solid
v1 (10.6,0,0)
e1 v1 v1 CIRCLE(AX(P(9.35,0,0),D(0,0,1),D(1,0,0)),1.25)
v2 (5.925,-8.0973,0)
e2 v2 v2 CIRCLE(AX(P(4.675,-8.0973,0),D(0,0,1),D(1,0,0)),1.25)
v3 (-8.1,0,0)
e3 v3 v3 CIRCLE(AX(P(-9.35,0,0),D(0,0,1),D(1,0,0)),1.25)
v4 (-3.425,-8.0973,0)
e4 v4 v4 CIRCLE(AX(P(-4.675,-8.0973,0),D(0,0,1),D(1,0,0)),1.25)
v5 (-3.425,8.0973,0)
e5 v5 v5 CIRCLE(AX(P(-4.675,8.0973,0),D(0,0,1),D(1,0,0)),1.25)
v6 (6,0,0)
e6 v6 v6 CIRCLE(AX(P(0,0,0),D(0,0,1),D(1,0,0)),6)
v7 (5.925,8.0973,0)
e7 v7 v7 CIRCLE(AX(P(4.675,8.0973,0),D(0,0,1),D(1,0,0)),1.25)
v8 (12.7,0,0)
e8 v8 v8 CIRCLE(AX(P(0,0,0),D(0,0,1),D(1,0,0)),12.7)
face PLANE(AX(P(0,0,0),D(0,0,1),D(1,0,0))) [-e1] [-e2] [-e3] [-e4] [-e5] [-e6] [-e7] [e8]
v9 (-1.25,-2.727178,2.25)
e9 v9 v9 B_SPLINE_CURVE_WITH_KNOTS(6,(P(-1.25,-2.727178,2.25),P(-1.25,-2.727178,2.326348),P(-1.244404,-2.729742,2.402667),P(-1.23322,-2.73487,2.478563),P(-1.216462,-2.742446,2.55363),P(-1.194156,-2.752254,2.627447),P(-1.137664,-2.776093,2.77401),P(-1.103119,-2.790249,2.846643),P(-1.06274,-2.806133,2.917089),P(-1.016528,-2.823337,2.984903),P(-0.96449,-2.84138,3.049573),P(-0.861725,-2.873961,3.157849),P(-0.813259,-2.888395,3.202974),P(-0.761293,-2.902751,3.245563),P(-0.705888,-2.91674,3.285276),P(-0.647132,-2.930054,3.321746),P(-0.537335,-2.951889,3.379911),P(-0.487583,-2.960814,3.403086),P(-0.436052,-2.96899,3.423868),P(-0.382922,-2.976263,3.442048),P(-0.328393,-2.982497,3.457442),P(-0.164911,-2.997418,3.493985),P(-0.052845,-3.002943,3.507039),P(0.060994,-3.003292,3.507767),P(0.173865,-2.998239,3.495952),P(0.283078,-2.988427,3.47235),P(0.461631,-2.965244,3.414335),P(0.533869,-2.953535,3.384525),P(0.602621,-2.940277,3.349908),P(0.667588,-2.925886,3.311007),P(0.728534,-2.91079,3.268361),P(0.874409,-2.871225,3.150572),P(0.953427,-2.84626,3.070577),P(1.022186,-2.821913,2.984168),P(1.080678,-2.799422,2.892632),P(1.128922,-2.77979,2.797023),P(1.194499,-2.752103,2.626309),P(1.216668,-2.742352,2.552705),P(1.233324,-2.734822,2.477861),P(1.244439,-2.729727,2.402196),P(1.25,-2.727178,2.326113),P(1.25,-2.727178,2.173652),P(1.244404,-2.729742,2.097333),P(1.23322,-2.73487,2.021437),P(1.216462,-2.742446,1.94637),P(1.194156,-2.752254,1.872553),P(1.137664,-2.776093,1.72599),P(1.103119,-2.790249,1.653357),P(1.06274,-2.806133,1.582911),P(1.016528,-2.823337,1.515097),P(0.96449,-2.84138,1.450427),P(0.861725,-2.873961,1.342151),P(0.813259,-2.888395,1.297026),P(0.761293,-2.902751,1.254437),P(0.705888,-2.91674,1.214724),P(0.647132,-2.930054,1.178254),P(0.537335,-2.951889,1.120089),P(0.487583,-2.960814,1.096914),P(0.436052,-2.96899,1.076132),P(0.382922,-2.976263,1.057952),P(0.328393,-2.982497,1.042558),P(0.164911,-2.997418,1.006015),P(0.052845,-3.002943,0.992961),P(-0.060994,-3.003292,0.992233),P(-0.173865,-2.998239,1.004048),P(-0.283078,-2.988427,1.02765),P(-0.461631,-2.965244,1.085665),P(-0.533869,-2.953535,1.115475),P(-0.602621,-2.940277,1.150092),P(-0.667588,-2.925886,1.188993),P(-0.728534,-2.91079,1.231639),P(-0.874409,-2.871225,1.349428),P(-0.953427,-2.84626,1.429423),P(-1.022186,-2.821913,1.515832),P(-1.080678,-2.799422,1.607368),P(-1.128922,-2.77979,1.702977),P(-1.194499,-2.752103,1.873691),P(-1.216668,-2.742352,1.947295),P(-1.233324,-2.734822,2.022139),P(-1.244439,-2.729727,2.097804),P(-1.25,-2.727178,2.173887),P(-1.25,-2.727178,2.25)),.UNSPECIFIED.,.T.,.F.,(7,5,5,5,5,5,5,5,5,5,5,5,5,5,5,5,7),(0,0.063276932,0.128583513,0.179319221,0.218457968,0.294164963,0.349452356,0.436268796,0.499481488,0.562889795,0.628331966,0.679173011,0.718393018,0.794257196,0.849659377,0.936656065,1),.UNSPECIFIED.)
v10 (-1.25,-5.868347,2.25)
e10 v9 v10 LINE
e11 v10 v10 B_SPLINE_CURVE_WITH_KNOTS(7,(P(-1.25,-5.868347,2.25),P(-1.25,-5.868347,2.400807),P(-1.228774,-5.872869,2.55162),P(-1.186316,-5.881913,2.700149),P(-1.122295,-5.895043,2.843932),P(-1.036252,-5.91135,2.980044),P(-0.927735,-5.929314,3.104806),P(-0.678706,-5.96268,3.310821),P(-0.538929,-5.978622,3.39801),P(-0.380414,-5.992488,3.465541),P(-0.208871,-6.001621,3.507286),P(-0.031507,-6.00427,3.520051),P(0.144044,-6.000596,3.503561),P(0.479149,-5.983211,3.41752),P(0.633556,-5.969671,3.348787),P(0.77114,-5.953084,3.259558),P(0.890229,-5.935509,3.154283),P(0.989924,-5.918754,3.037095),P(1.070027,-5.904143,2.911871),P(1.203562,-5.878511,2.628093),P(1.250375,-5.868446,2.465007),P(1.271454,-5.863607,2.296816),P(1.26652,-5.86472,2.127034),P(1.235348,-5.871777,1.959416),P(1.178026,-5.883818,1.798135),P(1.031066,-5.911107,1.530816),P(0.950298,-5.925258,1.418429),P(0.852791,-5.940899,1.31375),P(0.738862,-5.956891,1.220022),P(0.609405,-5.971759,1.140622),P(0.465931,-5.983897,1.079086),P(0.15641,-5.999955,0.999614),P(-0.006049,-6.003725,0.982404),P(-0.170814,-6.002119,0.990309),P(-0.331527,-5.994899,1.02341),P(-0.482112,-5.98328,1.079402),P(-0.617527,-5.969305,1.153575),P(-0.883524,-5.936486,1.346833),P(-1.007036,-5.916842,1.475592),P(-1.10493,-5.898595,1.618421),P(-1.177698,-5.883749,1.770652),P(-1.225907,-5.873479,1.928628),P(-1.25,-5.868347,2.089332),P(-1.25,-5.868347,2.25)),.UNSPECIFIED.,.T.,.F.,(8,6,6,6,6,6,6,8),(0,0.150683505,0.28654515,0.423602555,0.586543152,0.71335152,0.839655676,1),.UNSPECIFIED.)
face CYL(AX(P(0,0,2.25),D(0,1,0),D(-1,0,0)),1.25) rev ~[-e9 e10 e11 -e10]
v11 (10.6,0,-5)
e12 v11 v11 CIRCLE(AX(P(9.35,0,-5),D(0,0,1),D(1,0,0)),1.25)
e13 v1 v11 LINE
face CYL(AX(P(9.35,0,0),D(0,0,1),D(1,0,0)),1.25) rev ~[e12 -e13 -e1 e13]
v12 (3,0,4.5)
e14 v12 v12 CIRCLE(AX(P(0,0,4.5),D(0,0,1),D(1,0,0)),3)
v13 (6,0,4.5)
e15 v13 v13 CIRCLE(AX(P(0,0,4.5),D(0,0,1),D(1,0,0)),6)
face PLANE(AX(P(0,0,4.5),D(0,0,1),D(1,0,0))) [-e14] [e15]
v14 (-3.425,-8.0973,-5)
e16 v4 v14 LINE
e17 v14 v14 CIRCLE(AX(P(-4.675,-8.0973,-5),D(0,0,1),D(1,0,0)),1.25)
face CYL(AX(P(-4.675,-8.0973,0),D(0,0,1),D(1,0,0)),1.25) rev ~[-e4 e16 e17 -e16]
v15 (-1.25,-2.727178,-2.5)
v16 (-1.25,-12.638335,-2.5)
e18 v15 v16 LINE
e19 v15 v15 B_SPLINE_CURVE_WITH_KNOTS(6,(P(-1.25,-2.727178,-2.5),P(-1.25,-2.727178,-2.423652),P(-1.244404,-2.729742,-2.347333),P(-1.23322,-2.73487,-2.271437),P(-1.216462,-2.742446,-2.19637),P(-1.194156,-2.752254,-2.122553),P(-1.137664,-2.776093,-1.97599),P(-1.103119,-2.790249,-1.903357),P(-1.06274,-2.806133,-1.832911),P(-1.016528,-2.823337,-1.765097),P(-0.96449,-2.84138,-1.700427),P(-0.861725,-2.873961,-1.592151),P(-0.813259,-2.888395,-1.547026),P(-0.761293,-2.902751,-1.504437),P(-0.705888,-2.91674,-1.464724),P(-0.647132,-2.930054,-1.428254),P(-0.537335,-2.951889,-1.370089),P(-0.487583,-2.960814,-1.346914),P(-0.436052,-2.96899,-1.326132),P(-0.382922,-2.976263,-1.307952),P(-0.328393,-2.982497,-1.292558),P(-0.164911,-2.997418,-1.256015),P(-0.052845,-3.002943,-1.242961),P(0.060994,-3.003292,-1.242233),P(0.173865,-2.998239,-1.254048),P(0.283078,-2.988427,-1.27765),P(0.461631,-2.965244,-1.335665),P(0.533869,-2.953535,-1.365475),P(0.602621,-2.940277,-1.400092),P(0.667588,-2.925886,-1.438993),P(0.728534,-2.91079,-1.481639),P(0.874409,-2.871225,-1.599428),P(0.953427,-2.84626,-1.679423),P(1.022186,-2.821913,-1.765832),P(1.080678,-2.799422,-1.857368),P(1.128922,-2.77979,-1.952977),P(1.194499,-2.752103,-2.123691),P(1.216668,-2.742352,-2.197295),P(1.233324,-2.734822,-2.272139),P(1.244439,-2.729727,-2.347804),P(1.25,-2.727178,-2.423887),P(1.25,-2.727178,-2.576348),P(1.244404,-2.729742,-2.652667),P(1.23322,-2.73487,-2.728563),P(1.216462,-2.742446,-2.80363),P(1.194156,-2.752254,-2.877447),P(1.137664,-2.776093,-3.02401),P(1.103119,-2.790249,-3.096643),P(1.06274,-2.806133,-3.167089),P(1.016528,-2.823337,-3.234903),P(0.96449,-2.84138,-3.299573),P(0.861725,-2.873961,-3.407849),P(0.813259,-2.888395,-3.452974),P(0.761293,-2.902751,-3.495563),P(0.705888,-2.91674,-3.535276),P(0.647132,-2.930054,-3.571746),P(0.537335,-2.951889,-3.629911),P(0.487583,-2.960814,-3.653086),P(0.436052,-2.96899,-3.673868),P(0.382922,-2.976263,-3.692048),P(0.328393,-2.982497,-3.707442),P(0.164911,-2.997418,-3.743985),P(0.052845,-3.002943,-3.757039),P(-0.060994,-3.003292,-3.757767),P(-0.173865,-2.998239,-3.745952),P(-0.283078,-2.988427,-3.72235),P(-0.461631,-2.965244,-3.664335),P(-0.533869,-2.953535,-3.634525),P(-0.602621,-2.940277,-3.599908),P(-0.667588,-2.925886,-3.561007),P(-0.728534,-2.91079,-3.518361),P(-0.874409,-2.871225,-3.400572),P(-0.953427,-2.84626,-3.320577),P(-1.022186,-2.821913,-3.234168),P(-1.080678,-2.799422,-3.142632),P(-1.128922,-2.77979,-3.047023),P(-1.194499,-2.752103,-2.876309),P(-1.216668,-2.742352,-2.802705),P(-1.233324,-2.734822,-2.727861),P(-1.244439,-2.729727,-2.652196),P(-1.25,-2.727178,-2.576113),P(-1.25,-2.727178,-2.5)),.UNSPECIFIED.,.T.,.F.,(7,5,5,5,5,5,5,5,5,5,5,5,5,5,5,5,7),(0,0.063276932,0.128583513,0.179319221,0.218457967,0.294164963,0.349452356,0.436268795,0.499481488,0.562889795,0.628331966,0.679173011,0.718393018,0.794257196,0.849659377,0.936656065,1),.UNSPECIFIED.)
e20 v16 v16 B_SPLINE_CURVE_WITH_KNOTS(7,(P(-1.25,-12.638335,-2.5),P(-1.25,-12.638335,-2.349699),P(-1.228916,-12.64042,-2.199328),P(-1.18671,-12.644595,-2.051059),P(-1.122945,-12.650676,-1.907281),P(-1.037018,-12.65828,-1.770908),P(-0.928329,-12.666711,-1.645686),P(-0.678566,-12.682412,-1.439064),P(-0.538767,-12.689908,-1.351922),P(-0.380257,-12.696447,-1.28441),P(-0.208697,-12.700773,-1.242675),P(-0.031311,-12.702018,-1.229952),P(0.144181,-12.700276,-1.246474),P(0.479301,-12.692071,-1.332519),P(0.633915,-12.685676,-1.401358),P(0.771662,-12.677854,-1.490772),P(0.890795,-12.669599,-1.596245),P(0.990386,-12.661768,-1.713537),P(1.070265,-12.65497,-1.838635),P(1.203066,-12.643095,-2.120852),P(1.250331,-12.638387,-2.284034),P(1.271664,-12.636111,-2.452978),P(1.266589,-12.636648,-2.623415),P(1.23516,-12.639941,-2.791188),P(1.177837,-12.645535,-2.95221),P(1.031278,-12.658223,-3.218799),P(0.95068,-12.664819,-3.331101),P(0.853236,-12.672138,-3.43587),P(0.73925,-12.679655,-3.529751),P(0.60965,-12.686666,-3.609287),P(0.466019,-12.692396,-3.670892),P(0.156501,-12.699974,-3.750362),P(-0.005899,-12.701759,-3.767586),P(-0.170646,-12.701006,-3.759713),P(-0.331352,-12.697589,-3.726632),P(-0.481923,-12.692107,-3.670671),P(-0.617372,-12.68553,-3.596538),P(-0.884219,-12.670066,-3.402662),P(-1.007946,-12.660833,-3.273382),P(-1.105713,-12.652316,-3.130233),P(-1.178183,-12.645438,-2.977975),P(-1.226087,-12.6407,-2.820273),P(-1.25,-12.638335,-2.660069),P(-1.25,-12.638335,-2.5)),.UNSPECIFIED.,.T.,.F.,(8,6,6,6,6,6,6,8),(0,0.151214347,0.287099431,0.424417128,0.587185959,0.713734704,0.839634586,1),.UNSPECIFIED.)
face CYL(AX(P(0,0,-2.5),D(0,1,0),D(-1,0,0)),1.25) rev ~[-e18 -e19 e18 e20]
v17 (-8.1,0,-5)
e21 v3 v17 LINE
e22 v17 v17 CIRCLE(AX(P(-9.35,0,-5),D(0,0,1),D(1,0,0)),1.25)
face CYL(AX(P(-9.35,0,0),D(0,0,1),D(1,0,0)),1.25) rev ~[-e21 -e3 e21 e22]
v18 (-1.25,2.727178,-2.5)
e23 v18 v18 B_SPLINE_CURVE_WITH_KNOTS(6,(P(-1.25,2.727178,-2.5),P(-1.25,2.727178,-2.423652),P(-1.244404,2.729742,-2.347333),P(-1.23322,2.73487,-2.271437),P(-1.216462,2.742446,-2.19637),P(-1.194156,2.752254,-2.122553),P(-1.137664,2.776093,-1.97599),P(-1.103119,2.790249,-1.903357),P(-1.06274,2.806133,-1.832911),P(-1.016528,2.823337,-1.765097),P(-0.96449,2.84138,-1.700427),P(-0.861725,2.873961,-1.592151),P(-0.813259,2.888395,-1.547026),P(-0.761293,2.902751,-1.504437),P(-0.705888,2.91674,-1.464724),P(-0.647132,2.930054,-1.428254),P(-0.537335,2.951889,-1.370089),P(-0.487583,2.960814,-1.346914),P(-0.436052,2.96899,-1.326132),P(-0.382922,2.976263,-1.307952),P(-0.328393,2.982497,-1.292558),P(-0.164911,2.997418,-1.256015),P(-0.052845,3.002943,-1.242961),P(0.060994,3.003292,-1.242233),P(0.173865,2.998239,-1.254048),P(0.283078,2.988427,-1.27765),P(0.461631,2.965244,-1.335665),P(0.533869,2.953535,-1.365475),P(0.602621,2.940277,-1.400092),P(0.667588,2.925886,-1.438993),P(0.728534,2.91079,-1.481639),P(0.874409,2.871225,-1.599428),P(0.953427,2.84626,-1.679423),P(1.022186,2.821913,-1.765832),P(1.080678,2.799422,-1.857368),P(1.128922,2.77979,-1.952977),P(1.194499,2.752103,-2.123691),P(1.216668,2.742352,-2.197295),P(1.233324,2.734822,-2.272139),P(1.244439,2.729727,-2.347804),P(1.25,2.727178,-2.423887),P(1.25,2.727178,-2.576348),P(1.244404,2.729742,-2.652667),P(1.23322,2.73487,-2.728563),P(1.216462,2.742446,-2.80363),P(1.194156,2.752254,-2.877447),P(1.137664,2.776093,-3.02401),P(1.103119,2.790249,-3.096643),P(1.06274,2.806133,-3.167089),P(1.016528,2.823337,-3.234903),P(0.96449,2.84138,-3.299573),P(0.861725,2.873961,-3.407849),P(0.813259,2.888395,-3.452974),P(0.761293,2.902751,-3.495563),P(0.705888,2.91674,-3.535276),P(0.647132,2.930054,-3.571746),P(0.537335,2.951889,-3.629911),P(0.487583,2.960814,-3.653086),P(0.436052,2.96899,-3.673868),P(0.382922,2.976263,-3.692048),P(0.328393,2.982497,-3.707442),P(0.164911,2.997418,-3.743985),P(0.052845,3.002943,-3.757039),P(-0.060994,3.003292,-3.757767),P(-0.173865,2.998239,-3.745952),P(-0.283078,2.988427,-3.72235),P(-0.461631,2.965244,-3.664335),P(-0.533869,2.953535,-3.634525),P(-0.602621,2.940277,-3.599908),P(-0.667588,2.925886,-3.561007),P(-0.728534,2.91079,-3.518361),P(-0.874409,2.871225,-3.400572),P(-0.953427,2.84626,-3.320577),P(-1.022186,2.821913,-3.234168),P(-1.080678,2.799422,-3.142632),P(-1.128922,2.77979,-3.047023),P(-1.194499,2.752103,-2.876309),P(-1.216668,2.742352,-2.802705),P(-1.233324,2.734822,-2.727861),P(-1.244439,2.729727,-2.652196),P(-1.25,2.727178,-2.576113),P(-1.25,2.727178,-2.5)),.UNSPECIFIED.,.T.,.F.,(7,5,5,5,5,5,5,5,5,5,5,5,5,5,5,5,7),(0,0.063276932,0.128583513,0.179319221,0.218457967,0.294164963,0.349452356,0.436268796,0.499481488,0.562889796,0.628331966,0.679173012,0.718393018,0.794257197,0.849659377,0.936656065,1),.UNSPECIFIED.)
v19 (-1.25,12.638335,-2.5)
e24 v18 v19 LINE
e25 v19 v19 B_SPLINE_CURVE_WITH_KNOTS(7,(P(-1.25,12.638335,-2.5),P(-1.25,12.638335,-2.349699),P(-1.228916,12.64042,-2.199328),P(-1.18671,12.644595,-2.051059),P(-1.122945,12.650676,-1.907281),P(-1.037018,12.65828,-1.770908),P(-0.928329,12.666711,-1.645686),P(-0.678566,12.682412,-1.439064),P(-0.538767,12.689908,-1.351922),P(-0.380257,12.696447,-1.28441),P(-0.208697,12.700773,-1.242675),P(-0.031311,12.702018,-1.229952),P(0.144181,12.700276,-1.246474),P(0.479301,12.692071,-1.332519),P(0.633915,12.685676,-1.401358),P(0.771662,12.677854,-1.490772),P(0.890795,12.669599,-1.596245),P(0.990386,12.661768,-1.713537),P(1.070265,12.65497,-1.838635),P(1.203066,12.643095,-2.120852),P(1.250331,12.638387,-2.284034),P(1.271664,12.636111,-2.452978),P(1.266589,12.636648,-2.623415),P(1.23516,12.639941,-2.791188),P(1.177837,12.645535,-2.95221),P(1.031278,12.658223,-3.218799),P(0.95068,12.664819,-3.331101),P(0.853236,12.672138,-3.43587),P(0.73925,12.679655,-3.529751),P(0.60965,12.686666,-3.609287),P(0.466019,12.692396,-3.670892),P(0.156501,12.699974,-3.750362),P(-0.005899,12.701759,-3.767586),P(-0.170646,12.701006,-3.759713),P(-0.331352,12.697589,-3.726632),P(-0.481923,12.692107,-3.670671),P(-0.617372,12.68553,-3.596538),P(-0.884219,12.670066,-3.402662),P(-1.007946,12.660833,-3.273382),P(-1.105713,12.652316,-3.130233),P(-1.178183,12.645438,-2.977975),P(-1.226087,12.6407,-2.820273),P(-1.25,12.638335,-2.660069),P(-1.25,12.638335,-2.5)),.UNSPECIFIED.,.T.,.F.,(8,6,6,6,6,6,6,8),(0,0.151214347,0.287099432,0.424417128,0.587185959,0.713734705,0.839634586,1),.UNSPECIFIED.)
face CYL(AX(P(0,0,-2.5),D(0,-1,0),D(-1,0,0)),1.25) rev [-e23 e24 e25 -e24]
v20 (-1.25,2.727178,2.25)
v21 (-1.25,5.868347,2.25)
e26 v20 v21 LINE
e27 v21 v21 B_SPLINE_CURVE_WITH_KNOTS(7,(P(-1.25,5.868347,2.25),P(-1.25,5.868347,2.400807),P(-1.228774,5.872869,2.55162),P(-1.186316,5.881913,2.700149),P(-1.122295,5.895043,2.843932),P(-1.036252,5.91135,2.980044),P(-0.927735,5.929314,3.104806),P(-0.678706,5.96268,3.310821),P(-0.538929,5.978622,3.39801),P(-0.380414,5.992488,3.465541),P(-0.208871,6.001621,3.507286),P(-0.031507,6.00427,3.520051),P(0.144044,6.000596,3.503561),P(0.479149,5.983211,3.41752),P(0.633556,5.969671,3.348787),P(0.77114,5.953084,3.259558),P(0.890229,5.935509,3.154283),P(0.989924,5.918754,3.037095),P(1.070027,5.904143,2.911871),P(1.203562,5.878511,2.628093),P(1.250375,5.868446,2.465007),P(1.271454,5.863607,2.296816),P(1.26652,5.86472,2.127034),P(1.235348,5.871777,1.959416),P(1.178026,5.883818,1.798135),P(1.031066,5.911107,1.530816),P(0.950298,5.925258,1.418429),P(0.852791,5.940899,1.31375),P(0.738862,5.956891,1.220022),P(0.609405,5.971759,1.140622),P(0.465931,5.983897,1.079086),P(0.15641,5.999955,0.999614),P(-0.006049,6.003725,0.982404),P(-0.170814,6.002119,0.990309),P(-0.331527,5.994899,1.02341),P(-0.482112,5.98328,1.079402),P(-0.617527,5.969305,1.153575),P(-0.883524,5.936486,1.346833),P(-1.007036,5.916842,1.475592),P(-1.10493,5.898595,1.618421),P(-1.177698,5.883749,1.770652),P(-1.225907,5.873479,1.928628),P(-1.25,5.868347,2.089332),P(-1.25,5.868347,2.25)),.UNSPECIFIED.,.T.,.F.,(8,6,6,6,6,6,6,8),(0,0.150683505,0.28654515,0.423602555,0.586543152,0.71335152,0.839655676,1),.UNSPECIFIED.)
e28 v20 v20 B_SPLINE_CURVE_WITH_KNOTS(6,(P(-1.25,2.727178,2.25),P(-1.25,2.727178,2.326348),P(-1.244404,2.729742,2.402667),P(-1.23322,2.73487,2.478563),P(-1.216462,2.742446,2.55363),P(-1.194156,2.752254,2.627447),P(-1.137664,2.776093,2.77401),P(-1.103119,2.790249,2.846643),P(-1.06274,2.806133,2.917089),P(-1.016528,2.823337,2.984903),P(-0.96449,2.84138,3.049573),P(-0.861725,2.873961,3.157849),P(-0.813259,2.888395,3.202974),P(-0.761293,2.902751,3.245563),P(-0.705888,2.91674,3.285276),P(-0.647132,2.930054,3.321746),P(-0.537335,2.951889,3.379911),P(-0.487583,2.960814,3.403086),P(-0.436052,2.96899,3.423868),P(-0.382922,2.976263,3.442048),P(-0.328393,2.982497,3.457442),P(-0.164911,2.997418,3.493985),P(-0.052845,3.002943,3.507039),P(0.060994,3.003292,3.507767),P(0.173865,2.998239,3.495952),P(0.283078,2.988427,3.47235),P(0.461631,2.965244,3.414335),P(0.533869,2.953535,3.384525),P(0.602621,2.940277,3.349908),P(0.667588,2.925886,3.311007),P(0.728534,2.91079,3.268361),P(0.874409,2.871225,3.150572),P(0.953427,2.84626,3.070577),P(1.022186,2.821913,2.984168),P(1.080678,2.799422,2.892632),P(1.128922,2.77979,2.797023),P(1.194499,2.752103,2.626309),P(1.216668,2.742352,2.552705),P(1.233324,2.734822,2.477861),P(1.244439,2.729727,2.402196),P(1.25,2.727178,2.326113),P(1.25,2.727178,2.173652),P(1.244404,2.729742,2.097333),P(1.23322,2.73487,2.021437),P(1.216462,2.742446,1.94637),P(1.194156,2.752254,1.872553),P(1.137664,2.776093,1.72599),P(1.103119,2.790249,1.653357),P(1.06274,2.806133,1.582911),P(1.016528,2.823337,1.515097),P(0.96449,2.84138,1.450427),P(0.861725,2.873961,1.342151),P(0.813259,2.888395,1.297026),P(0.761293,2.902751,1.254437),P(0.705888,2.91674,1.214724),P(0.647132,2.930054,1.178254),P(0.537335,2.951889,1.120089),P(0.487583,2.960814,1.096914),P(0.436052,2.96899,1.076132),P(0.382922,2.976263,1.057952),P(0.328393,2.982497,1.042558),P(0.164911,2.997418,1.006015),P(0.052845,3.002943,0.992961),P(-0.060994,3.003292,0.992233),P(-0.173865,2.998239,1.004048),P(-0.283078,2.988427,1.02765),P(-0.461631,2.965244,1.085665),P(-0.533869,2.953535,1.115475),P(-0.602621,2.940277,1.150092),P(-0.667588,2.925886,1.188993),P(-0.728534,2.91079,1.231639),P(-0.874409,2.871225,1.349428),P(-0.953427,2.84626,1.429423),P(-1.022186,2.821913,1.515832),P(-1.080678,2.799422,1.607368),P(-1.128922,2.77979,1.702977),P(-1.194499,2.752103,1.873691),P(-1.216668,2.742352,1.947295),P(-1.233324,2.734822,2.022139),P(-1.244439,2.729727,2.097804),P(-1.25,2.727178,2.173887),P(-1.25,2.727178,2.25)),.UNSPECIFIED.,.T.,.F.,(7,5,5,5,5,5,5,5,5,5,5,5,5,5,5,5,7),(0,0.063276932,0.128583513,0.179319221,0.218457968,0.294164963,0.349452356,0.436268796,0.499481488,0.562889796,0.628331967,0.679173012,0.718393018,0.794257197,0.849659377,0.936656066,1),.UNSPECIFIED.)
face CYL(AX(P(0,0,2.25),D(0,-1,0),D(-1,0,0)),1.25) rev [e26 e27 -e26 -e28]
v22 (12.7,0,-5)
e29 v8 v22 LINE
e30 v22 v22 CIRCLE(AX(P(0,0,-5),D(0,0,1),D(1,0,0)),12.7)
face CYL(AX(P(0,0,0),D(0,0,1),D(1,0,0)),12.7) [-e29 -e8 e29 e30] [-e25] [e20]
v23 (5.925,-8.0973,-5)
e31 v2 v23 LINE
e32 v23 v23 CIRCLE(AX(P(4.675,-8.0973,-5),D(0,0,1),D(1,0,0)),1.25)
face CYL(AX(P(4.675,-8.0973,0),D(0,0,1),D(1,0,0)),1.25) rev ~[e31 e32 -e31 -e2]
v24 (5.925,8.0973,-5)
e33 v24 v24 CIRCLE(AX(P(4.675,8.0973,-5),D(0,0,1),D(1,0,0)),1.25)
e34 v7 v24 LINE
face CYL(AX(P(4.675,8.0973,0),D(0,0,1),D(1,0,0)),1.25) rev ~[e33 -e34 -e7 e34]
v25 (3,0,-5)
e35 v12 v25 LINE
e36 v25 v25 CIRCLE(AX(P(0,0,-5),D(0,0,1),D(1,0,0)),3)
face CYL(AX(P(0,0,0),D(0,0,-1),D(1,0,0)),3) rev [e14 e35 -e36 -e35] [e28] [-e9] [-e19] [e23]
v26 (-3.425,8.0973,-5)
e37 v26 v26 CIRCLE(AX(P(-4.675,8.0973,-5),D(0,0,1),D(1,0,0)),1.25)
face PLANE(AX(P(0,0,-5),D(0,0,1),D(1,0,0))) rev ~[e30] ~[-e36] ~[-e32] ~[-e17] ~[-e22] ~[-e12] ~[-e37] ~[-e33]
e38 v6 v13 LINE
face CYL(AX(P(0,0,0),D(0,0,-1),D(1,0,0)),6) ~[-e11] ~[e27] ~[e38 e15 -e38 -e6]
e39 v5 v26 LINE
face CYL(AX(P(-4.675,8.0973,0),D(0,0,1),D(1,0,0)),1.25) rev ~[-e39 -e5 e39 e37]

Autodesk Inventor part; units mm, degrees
ref_plane "YZ Plane" through (0, 0, 0) normal (1, 0, 0) x (0, 1, 0)
ref_plane "XZ Plane" through (0, 0, 0) normal (0, 1, 0) x (-1, 0, 0)
ref_plane "XY Plane" through (0, 0, 0) normal (0, 0, 1) x (1, 0, 0)
sketch "Base" plane through (0, 0, 0) normal (0, 0, 1) x (1, 0, 0)
  circle A0 centre (0, 0) radius 3
  circle A1 centre (0, 0) radius 6
  circle A2 centre (0, 0) radius 12.7
  circle A3 centre (0, 0) radius 9.35 construction
  line L0 (0, 6) -> (0, 12.7) construction
  line L1 (0, -17.78) -> (0, 17.78) construction
  circle A4 centre (-9.35, 0) radius 1.25
  line L2 (-17.78, 0) -> (17.78, 0) construction
  circle A5 centre (-4.675, -8.0973) radius 1.25
  circle A6 centre (4.675, -8.0973) radius 1.25
  circle A7 centre (9.35, 0) radius 1.25
  circle A8 centre (4.675, 8.0973) radius 1.25
  circle A9 centre (-4.675, 8.0973) radius 1.25
  point P0 (0, 9.35)
  dimension "d1" = 12
  dimension "d2" = 25.4
  dimension "d0" = 6
  dimension "d3" = 2.5
  dimension "d6" = 360
extrude "BaseFeature" add sketch "Base" against normal blind 5 contours A1 | A2
extrude "FlangeFeature" add sketch "Base" along normal blind 4.5 contours A1
sketch "FixatingHoles" plane through (0, 0, 0) normal (0, 1, 0) x (-1, 0, 0)
  line L0 (-3, 4.5) -> (3, 4.5) construction
  line L1 (0, 4.5) -> (0, 0) construction
  line L2 (12.7, 0) -> (-12.7, 0) projected
  line L3 (3, -5) -> (-3, -5) construction
  line L4 (0, -5) -> (0, 0) construction
  circle A0 centre (0, 2.25) radius 1.25
  circle A1 centre (0, -2.5) radius 1.25
  dimension "d12" = 2.5
  dimension "d13" = 2.5
extrude "FixatingHolesFeature" cut sketch "FixatingHoles" along normal through all both and the other way through all
properties part number "PololuHub1994"
